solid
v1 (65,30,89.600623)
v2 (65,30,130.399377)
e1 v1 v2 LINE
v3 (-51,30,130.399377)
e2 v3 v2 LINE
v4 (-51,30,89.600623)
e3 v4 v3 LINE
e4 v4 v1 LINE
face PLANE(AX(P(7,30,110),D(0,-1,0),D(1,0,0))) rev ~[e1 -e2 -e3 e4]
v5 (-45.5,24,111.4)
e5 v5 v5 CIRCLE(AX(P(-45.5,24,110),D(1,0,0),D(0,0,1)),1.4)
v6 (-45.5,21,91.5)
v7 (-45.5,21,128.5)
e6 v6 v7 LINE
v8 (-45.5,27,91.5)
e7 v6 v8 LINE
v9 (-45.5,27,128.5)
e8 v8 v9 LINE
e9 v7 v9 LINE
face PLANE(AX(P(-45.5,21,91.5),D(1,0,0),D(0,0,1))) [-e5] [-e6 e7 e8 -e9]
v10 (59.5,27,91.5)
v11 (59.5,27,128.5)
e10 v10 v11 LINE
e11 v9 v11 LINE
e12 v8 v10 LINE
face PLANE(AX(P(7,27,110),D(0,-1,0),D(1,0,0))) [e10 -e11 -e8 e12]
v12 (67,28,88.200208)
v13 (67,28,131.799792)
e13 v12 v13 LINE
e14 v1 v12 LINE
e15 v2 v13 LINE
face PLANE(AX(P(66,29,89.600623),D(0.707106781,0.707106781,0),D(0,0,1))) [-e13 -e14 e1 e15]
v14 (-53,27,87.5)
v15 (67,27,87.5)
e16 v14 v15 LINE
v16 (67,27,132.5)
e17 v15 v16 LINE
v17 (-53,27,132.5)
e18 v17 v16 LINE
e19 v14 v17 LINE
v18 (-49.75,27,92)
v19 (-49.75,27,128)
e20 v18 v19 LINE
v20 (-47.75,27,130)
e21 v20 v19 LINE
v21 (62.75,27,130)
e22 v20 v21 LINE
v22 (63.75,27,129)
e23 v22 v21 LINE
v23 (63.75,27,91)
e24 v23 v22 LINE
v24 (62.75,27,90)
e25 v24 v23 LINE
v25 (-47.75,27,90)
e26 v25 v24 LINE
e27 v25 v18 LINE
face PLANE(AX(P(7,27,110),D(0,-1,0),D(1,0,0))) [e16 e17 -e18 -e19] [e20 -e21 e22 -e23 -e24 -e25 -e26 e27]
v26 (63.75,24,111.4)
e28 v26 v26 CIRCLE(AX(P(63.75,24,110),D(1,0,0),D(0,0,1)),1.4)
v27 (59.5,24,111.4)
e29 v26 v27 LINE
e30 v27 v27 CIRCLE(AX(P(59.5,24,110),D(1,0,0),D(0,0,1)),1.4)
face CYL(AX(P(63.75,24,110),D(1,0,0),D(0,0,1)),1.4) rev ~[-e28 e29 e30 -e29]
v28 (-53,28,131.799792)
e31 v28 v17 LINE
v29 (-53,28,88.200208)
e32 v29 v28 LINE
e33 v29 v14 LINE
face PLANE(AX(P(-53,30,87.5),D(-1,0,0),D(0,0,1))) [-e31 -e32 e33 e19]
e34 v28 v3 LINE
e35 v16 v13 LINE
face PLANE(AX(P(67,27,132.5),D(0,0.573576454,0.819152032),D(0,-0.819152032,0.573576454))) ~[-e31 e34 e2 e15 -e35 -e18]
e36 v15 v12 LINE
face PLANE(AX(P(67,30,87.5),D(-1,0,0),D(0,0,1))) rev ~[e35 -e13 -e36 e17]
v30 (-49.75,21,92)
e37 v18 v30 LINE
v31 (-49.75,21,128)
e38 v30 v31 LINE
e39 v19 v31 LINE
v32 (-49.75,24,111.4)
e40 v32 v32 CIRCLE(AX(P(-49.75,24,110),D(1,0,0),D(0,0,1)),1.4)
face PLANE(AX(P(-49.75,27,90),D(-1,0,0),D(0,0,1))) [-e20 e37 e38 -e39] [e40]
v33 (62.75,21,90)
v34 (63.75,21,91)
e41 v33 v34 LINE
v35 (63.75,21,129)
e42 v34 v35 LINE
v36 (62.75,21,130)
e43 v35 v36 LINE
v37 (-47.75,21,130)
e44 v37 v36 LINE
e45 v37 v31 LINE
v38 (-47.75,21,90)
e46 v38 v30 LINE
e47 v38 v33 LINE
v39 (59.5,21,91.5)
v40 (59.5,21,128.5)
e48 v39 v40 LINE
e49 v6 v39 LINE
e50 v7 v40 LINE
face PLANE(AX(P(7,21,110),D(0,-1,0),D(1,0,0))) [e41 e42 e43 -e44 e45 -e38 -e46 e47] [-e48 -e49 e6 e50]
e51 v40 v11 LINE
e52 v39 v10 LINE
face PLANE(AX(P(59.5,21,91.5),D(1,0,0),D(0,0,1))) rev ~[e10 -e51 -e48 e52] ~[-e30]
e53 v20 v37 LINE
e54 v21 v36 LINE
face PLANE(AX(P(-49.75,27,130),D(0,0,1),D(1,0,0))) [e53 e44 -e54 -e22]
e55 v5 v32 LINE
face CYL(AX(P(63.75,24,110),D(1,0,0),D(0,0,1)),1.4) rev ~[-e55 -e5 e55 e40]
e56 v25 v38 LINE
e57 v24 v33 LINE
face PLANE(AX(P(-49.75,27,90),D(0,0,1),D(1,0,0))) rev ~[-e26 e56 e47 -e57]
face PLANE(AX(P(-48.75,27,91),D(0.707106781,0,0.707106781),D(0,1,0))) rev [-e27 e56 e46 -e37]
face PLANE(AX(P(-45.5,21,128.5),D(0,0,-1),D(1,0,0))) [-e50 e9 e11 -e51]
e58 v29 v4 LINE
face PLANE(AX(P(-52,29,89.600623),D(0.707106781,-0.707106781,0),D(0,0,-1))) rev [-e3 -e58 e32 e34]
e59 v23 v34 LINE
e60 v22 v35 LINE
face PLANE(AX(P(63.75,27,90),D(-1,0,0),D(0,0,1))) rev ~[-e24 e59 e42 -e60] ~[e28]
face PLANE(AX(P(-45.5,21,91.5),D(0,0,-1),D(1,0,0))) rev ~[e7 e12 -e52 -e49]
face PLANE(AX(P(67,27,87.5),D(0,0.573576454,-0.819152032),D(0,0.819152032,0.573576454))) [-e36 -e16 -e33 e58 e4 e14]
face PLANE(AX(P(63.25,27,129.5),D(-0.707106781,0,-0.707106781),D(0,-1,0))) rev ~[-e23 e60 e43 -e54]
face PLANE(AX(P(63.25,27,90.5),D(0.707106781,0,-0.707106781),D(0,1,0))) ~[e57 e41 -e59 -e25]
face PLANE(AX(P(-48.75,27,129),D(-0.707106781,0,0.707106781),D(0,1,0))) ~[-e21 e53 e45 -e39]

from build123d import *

# Parameters (mm, degrees)
SKETCH037_W     = 120
SKETCH037_H     = 45
PAD008_DEPTH    = 3
SKETCH038_W     = 113.5
SKETCH038_H     = 40
PAD009_DEPTH    = 6
SKETCH039_R     = 1.4
POCKET026_DEPTH = 116.751
POCKET027_DEPTH = 376.952357
CHAMFER008_SIZE = 2
SKETCH036_W     = 105
SKETCH036_H     = 37
POCKET028_DEPTH = 6
CHAMFER009_SIZE = 2
CHAMFER010_SIZE = 1
CHAMFER011_SIZE = 1
CHAMFER012_SIZE = 2


with BuildPart() as part:
    # Sketch037 → Pad008 (new body)
    with BuildSketch(Plane.XZ):
        Rectangle(SKETCH037_W, SKETCH037_H)
    extrude(amount=PAD008_DEPTH)

    # Sketch038 (on Face6 of Pad008) → Pad009 (join)
    with BuildSketch(Plane.XZ.offset(3)):
        Rectangle(SKETCH038_W, SKETCH038_H)
    extrude(amount=PAD009_DEPTH)

    # Sketch039 (on Face8 of Pad009) → Pocket026 (cut, through all)
    with BuildSketch(Plane(origin=(56.75, 0, 0), x_dir=(0, 0, 1), z_dir=(1, 0, 0))):
        with Locations((0, 6)):
            Circle(SKETCH039_R)
    extrude(amount=-POCKET026_DEPTH, mode=Mode.SUBTRACT)

    # Sketch040 (on Face3 of Pocket026) → Pocket027 (cut, through all)
    with BuildSketch(Plane(origin=(60, 0, 0), x_dir=(0, 0, 1), z_dir=(1, 0, 0))):
        Polygon((-22.5, 3), (-17.875456, -3.604533), (-35.516254, -3.604533), align=None)
    pocket027 = extrude(amount=-POCKET027_DEPTH, mode=Mode.SUBTRACT)

    # Mirrored: Pocket027 across Sketch040 V_Axis
    add(pocket027.mirror(Plane(origin=(60, 0, 0), x_dir=(1, 0, 0), z_dir=(0, 0, 1))), mode=Mode.SUBTRACT)

    # Chamfer008
    chamfer008_edges = [part.edges().sort_by_distance(p)[0] for p in [
        (60, 0, 0),
        (-60, 0, 0),
    ]]
    chamfer(chamfer008_edges, length=CHAMFER008_SIZE)

    # Sketch036 → Pocket028 (cut)
    with BuildSketch(Plane.XZ.offset(9)):
        Rectangle(SKETCH036_W, SKETCH036_H)
    extrude(amount=-POCKET028_DEPTH, mode=Mode.SUBTRACT)

    # Chamfer009
    chamfer009_edges = [part.edges().sort_by_distance(p)[0] for p in [
        (-56.75, -6, -20),
    ]]
    chamfer(chamfer009_edges, length=CHAMFER009_SIZE)

    # Chamfer010
    chamfer010_edges = [part.edges().sort_by_distance(p)[0] for p in [
        (56.75, -6, -20),
    ]]
    chamfer(chamfer010_edges, length=CHAMFER010_SIZE)

    # Chamfer011
    chamfer011_edges = [part.edges().sort_by_distance(p)[0] for p in [
        (56.75, -6, 20),
    ]]
    chamfer(chamfer011_edges, length=CHAMFER011_SIZE)

    # Chamfer012
    chamfer012_edges = [part.edges().sort_by_distance(p)[0] for p in [
        (-56.75, -6, 20),
    ]]
    chamfer(chamfer012_edges, length=CHAMFER012_SIZE)


with BuildPart() as part_1:
    # Body003 placement: moved
    add(part.part.moved(Location((7, 30, 110))))


solid = part_1.part
